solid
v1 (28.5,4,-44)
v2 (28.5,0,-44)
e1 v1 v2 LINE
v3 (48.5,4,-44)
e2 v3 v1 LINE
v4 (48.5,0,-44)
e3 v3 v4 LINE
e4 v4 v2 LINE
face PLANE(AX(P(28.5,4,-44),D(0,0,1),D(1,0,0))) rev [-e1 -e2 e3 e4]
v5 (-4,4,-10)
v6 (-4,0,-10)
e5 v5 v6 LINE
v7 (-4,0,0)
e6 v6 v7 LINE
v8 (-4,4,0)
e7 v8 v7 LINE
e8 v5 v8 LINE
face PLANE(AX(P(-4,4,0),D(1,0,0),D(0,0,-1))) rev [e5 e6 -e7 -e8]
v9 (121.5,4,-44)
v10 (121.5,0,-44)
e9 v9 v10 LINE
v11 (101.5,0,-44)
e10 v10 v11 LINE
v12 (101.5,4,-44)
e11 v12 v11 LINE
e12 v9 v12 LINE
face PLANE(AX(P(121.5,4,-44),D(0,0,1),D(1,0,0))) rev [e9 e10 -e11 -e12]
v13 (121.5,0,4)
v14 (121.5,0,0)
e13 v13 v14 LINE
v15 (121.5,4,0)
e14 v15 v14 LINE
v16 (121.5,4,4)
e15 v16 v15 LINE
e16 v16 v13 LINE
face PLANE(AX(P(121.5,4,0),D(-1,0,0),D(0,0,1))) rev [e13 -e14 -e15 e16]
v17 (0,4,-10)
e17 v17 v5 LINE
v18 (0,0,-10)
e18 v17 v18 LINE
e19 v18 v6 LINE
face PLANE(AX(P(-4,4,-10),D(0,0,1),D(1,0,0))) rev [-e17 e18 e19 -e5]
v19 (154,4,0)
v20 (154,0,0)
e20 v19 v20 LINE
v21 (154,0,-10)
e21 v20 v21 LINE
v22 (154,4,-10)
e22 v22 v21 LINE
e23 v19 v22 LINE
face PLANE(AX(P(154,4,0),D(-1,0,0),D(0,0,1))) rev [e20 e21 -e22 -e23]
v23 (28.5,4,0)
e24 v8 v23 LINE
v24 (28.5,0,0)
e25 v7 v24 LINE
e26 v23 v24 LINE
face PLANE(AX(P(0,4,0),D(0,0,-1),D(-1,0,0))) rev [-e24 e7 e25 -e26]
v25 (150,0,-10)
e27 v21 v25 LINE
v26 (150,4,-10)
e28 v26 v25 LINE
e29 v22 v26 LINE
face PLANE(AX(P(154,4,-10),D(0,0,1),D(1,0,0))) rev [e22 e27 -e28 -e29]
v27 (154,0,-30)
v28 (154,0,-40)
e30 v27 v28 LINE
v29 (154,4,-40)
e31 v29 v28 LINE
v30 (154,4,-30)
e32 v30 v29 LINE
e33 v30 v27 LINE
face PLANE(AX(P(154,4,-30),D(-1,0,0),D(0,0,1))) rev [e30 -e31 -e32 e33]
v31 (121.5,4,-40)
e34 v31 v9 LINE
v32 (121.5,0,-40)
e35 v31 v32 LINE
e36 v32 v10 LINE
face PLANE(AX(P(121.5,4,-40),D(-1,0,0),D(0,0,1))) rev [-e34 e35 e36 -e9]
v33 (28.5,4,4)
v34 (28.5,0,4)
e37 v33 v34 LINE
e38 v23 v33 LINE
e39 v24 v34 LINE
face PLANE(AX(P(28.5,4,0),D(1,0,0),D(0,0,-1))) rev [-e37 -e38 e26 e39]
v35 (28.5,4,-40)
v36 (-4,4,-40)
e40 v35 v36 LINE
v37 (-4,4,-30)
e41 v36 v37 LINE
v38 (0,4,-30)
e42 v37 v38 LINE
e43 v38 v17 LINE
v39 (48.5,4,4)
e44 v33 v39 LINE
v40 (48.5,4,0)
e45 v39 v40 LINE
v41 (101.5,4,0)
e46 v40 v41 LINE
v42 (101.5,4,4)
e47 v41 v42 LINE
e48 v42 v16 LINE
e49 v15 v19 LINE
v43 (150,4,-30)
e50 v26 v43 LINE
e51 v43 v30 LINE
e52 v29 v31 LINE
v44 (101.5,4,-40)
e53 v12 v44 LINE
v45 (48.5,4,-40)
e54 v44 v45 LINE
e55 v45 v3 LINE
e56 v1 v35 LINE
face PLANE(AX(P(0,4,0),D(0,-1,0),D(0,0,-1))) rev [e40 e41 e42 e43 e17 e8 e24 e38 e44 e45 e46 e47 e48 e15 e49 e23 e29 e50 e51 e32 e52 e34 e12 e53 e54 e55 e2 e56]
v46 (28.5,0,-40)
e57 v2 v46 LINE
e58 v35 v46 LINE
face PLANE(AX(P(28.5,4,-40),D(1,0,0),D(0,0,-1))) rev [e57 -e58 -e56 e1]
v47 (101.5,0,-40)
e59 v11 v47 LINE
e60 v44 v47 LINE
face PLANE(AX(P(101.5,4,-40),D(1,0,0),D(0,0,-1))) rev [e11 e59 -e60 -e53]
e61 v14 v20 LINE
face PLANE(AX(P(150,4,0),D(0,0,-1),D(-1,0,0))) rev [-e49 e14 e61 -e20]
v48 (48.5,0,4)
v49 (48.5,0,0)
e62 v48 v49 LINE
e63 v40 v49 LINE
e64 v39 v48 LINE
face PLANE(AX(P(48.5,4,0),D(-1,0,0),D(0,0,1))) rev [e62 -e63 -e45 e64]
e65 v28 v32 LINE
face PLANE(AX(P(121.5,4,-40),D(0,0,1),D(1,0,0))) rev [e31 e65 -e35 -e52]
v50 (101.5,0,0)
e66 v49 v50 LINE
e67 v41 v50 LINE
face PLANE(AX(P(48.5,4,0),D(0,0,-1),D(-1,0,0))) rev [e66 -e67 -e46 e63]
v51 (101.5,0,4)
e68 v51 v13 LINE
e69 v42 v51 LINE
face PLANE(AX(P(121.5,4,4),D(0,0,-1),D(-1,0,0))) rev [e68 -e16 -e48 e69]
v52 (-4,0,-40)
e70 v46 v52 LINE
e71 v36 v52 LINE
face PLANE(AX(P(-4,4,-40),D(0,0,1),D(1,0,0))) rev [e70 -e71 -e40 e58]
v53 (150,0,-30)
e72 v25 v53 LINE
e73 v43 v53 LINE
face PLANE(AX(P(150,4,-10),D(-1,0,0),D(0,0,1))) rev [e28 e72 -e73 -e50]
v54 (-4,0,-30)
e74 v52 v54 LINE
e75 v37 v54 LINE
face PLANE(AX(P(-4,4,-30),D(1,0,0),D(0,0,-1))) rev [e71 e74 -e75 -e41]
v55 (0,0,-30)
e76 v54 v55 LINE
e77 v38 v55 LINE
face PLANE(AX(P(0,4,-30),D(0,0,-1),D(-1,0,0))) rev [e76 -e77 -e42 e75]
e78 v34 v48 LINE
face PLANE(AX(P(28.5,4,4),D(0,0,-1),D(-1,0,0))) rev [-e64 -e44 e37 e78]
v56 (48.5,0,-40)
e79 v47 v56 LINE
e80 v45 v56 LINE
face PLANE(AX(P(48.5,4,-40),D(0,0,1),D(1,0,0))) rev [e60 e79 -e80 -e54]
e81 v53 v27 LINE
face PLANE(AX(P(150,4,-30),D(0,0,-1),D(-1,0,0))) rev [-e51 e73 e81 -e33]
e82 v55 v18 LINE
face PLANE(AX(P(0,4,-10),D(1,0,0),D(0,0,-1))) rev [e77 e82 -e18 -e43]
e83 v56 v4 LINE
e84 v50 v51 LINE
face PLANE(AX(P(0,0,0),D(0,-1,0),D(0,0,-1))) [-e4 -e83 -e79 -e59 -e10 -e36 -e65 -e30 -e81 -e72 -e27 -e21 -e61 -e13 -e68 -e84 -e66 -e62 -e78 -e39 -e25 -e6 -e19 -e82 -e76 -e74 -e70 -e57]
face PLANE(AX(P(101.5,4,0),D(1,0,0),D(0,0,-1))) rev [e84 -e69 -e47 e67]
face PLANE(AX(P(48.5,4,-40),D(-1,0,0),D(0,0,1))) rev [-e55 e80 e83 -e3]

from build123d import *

# Parameters (mm, degrees)
SALIENTE_EXTRUIR1_DEPTH = 4


with BuildPart() as part:
    # Croquis1 → Saliente-Extruir1 (new body)
    with BuildSketch(Plane(origin=(0, 0, 0), x_dir=(1, 0, 0), z_dir=(0, 1, 0))):
        Polygon((0, 0), (28.5, 0), (28.5, -4), (48.5, -4), (48.5, 0), (101.5, 0), (101.5, -4), (121.5, -4), (121.5, 0), (150, 0), (154, 0), (154, 10), (150, 10), (150, 30), (154, 30), (154, 40), (150, 40), (121.5, 40), (121.5, 44), (101.5, 44), (101.5, 40), (48.5, 40), (48.5, 44), (28.5, 44), (28.5, 40), (0, 40), (-4, 40), (-4, 30), (0, 30), (0, 10), (-4, 10), (-4, 0), align=None)
    extrude(amount=SALIENTE_EXTRUIR1_DEPTH)


solid = part.part
